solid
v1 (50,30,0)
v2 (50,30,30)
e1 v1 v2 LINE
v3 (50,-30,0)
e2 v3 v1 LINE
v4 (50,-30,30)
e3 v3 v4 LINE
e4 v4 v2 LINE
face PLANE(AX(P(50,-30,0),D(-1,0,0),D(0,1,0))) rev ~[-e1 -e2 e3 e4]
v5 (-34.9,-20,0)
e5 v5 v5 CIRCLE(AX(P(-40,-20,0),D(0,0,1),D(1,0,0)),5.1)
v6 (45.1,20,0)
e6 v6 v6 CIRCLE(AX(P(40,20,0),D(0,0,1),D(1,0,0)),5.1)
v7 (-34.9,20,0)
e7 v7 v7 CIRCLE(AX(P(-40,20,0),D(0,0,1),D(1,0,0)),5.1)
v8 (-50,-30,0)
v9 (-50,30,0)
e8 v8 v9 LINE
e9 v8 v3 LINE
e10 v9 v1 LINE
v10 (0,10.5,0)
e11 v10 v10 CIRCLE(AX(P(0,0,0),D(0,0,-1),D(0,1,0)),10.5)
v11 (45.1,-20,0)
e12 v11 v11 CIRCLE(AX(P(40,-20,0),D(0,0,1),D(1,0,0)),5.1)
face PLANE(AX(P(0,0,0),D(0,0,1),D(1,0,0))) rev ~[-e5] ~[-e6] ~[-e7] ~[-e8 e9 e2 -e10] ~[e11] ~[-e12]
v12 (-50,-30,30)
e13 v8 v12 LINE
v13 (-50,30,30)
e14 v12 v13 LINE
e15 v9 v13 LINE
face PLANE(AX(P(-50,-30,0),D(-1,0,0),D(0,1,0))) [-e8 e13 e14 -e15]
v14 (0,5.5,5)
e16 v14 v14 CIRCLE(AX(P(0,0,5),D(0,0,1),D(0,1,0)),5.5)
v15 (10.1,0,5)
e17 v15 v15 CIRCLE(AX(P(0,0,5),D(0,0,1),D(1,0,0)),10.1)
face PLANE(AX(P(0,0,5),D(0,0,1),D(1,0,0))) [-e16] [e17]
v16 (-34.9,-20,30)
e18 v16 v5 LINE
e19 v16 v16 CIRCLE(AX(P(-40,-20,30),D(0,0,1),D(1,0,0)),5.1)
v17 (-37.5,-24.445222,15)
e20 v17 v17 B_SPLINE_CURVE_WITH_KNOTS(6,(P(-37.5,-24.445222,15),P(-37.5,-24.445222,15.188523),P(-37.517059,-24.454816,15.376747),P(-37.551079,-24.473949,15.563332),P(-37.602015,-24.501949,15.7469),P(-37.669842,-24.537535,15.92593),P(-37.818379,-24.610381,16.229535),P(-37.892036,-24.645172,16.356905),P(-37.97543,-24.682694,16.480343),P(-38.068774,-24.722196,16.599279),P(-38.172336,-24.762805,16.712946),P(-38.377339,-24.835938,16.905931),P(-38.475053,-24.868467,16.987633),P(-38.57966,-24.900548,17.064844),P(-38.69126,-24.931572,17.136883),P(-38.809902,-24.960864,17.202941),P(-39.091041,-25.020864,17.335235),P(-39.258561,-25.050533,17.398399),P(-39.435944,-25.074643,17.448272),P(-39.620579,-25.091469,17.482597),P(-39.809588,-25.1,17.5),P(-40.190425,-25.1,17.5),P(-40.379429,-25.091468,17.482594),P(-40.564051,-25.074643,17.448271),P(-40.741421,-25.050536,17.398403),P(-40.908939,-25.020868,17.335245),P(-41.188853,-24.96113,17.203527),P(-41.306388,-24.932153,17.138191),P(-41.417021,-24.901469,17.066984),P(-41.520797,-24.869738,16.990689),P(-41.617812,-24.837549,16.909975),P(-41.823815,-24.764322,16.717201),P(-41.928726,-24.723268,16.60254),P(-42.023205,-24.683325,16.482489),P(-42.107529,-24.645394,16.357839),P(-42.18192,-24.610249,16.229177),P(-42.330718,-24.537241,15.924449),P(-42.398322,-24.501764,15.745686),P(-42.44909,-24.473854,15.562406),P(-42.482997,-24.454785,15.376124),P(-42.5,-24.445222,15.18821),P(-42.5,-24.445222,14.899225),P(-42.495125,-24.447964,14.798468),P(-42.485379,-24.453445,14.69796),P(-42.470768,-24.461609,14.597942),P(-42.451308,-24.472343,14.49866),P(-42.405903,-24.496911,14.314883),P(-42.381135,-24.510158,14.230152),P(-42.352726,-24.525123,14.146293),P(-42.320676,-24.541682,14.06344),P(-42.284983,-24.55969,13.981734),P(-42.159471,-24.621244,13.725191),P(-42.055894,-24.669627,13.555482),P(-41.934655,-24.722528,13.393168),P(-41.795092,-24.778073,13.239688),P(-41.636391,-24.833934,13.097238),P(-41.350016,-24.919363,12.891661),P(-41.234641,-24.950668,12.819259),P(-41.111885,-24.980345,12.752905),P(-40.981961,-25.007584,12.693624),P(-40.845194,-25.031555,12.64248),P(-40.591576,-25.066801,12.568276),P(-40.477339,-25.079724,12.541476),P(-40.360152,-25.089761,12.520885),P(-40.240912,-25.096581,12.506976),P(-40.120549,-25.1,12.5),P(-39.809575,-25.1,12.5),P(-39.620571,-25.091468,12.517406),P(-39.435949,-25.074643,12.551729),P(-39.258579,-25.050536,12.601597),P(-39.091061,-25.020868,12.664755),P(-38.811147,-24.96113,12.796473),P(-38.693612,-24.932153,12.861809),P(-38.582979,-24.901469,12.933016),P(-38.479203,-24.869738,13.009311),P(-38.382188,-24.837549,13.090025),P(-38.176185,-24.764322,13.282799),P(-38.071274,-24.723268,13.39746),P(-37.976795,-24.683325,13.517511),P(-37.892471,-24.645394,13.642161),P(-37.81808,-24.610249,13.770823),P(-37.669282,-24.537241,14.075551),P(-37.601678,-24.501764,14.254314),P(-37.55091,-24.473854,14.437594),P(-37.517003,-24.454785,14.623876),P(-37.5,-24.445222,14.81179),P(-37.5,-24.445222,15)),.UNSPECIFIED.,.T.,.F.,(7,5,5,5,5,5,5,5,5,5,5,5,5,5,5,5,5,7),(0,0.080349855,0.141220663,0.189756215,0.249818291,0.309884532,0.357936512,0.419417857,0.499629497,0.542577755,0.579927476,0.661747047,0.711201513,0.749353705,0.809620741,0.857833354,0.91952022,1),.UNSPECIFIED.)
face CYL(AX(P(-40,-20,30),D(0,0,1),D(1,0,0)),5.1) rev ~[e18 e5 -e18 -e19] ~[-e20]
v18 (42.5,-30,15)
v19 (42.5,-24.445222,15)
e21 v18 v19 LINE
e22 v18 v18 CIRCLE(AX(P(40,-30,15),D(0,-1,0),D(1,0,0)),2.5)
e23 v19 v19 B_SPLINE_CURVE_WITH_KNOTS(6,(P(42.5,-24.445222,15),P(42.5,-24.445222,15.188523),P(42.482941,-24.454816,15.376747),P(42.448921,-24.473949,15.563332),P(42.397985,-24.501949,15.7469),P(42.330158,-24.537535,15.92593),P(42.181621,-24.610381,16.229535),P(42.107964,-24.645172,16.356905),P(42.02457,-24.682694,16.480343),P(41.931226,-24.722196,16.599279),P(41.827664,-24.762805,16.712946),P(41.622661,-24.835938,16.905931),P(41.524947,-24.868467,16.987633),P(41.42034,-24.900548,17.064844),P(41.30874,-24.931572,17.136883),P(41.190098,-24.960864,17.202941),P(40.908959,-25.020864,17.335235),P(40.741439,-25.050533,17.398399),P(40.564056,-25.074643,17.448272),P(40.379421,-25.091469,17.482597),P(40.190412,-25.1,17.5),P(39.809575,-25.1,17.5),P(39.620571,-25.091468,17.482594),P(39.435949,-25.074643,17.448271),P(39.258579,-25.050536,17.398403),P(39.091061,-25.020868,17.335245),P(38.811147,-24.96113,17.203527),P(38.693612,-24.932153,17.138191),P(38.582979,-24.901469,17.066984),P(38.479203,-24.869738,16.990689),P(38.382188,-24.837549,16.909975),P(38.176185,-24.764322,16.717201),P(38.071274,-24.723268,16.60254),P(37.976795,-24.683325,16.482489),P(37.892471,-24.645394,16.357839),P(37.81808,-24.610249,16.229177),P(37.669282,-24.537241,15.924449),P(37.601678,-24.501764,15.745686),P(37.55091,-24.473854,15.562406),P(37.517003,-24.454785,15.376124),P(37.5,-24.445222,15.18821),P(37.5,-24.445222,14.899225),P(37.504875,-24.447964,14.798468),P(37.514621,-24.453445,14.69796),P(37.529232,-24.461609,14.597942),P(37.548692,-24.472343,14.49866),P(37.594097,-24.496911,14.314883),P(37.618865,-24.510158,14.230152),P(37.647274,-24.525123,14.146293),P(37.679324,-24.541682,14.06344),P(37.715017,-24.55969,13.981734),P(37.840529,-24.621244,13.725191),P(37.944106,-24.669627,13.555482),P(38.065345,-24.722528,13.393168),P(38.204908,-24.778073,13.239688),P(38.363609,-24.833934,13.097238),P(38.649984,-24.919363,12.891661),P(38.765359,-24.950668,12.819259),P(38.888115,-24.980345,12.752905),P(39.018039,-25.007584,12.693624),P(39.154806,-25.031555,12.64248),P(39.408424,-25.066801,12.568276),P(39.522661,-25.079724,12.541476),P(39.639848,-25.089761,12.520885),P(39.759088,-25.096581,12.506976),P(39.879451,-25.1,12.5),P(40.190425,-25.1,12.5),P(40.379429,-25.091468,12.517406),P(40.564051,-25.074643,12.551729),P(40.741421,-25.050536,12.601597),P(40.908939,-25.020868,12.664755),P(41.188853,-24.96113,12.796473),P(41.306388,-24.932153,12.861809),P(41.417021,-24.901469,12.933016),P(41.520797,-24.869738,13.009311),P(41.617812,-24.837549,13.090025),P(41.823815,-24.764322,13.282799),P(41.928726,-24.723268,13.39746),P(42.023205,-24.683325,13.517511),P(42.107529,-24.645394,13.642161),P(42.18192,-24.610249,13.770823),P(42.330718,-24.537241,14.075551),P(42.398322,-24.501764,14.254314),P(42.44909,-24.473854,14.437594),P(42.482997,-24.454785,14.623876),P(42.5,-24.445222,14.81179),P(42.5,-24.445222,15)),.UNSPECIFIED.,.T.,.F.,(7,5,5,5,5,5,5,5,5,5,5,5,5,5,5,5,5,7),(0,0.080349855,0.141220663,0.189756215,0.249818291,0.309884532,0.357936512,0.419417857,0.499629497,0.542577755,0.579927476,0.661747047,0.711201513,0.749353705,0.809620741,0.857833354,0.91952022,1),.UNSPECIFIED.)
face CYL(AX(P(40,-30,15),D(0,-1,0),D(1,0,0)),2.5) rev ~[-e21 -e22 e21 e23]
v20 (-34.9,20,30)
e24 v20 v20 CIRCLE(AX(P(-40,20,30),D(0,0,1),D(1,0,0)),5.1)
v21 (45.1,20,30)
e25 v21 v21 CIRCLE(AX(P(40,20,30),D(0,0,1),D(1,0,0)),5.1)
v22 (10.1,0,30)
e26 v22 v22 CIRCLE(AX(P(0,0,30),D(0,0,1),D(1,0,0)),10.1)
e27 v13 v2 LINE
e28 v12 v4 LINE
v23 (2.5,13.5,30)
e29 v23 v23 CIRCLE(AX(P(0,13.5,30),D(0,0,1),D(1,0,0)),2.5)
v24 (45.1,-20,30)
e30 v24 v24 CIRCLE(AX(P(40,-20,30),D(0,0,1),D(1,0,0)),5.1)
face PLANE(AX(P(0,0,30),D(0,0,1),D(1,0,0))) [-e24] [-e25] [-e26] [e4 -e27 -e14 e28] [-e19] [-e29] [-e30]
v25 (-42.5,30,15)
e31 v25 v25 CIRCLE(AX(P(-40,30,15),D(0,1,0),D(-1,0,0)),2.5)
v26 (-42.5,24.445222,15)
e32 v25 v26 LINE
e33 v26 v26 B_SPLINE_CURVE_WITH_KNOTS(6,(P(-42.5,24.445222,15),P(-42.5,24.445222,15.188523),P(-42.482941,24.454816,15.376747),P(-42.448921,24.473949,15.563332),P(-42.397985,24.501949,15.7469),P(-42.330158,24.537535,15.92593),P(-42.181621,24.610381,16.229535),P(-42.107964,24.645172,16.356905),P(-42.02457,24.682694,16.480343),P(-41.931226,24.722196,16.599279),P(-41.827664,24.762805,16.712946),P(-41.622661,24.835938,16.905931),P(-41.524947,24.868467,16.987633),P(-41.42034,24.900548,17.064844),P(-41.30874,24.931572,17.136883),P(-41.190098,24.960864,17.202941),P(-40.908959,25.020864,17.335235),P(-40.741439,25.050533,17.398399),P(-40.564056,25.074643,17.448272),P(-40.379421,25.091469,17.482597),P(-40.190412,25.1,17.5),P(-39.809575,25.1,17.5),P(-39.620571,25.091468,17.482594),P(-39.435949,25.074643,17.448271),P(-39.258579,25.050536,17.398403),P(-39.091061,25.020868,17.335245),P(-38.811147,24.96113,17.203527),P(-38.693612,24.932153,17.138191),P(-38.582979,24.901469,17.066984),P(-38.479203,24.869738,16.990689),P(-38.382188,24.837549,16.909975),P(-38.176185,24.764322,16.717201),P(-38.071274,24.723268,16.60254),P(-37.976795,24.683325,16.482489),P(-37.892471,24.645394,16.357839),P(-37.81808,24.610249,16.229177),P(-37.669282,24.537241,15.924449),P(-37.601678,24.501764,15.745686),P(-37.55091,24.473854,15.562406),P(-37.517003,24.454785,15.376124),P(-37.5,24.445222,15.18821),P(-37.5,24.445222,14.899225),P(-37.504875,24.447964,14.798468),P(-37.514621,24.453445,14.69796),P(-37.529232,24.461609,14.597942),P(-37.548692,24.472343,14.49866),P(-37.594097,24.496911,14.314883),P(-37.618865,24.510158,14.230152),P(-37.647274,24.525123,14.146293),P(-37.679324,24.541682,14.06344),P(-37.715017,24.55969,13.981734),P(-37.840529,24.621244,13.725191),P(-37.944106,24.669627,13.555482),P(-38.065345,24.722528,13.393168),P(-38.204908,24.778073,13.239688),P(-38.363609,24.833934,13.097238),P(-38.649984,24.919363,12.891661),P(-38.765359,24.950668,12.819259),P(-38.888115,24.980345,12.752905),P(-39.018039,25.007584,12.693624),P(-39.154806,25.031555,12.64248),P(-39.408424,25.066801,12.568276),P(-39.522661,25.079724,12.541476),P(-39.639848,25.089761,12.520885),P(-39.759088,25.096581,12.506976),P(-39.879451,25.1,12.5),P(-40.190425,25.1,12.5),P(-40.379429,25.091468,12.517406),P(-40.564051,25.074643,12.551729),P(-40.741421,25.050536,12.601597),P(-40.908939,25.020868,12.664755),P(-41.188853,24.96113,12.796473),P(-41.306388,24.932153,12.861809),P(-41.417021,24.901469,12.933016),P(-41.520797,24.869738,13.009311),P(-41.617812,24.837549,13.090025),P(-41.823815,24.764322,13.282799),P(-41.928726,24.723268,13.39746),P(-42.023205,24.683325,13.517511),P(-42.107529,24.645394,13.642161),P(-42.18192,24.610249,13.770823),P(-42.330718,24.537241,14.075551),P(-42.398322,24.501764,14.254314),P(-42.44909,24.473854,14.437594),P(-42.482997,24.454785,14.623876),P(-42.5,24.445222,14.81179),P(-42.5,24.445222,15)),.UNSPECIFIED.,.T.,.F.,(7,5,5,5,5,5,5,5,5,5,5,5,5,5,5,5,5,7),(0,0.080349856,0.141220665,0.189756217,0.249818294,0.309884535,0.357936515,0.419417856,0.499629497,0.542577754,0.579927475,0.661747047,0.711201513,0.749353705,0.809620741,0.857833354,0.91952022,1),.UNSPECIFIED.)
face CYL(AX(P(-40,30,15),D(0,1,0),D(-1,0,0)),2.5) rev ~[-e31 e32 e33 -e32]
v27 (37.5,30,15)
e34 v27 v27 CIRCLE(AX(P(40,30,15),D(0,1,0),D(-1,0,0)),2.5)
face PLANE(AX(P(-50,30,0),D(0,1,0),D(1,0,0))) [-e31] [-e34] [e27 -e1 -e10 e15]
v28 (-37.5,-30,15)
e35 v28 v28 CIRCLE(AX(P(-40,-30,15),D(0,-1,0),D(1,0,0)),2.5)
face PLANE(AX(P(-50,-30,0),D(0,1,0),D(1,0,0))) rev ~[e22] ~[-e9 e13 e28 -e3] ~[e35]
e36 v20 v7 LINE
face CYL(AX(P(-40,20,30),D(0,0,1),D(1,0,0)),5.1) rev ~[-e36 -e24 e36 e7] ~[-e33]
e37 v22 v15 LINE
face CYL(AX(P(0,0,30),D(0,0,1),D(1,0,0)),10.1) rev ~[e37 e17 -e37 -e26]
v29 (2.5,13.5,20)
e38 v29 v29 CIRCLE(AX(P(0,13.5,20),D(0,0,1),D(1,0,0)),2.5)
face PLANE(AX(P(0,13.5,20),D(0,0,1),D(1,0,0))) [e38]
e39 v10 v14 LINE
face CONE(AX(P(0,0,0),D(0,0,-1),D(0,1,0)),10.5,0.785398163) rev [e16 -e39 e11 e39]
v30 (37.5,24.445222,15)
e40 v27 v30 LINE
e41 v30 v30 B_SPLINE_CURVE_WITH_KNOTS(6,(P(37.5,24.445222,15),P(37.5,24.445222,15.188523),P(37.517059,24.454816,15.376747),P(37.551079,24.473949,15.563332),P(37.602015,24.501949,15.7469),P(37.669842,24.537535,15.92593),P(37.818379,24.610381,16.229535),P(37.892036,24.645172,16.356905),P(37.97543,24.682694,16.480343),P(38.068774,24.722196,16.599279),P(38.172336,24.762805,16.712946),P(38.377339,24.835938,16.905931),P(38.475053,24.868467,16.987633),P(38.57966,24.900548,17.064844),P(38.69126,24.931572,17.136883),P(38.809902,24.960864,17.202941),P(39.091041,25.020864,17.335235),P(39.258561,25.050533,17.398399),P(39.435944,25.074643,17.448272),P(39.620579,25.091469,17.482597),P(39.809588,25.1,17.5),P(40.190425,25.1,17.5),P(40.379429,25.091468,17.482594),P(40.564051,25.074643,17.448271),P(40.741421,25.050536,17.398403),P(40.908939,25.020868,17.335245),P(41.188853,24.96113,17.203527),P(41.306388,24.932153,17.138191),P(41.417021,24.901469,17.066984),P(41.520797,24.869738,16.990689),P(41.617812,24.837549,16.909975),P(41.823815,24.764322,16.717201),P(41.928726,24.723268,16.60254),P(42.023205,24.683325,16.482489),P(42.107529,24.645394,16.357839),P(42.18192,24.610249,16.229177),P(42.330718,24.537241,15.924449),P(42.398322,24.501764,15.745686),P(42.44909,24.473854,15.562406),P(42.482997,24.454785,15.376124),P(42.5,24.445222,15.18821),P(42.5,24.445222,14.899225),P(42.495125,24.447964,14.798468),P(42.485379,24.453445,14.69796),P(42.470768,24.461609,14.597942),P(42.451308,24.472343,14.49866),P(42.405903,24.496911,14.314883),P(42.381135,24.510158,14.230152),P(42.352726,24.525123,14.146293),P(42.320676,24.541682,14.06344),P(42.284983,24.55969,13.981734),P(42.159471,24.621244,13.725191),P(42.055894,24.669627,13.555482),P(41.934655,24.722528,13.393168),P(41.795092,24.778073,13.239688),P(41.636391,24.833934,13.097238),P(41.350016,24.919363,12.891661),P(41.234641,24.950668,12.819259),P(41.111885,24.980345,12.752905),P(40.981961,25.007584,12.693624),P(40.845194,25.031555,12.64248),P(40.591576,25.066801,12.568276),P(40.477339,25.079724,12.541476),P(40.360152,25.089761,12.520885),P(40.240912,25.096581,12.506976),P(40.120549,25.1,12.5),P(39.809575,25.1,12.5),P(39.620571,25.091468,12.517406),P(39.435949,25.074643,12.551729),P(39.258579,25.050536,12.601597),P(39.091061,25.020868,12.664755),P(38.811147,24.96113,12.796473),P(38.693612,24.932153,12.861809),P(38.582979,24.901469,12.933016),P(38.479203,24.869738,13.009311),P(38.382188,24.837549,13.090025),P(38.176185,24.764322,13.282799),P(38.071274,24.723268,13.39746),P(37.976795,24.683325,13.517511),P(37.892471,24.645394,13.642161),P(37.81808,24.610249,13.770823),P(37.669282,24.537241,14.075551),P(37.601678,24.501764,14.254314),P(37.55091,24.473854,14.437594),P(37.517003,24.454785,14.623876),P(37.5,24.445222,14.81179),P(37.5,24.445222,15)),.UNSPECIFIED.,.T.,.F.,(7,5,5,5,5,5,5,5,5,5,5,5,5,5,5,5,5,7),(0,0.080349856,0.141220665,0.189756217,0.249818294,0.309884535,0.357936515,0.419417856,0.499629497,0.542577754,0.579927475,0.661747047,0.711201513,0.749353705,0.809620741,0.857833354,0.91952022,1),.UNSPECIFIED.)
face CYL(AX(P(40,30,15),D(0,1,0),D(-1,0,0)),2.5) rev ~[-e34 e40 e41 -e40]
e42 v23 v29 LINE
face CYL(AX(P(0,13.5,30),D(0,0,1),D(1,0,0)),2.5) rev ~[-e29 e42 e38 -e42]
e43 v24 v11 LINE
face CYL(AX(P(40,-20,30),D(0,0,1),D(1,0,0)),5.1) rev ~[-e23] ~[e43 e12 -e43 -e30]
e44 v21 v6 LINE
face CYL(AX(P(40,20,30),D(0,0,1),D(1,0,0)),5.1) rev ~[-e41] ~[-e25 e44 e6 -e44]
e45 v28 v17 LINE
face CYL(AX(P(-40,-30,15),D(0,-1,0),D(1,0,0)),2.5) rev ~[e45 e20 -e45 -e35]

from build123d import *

# Parameters (mm, degrees)
F0_W      = 100
F0_H      = 60
F1_DEPTH  = 30
F2_R      = 10.1
F3_DEPTH  = 25
F4_R      = 5.1
F5_DEPTH  = 30.001
F9_R      = 2.5
F10_DEPTH = 10
F11_R     = 2.5
F12_DEPTH = 10
F13_R     = 2.5
F14_DEPTH = 10


with BuildPart() as f1:
    # F0 (on Top) → F1 (new body)
    with BuildSketch(Plane.XY):
        Rectangle(F0_W, F0_H)
    extrude(amount=F1_DEPTH)

    # F2 (on face) → F3 (cut)
    with BuildSketch(Plane.XY.offset(30)):
        Circle(F2_R)
    extrude(amount=-F3_DEPTH, mode=Mode.SUBTRACT)

    # F4 (on face) → F5 (cut, through all)
    with BuildSketch(Plane.XY.offset(30)):
        with Locations((-40, 20)):
            Circle(F4_R)
        with Locations((-40, -20)):
            Circle(F4_R)
        with Locations((40, 20)):
            Circle(F4_R)
        with Locations((40, -20)):
            Circle(F4_R)
    extrude(amount=-F5_DEPTH, mode=Mode.SUBTRACT)

    # F6 (on Right) → F8 (revolve, cut)
    with BuildSketch(Plane.YZ):
        Polygon((0, 10.5), (0, 0), (10.5, 0), align=None)
    revolve(axis=Axis((0, 0, -23.476606), (0, 0, -1)), mode=Mode.SUBTRACT)

    # F9 (on face) → F10 (cut)
    with BuildSketch(Plane.XZ.offset(30)):
        with Locations((-40, 15)):
            Circle(F9_R)
        with Locations((40, 15)):
            Circle(F9_R)
    extrude(amount=-F10_DEPTH, mode=Mode.SUBTRACT)

    # F11 (on face) → F12 (cut)
    with BuildSketch(Plane(origin=(0, 30, 0), x_dir=(-1, 0, 0), z_dir=(0, 1, 0))):
        with Locations((-40, 15)):
            Circle(F11_R)
        with Locations((40, 15)):
            Circle(F11_R)
    extrude(amount=-F12_DEPTH, mode=Mode.SUBTRACT)

    # F13 (on face) → F14 (cut)
    with BuildSketch(Plane.XY.offset(30)):
        with Locations((0, 13.5)):
            Circle(F13_R)
    extrude(amount=-F14_DEPTH, mode=Mode.SUBTRACT)


solid = f1.part
